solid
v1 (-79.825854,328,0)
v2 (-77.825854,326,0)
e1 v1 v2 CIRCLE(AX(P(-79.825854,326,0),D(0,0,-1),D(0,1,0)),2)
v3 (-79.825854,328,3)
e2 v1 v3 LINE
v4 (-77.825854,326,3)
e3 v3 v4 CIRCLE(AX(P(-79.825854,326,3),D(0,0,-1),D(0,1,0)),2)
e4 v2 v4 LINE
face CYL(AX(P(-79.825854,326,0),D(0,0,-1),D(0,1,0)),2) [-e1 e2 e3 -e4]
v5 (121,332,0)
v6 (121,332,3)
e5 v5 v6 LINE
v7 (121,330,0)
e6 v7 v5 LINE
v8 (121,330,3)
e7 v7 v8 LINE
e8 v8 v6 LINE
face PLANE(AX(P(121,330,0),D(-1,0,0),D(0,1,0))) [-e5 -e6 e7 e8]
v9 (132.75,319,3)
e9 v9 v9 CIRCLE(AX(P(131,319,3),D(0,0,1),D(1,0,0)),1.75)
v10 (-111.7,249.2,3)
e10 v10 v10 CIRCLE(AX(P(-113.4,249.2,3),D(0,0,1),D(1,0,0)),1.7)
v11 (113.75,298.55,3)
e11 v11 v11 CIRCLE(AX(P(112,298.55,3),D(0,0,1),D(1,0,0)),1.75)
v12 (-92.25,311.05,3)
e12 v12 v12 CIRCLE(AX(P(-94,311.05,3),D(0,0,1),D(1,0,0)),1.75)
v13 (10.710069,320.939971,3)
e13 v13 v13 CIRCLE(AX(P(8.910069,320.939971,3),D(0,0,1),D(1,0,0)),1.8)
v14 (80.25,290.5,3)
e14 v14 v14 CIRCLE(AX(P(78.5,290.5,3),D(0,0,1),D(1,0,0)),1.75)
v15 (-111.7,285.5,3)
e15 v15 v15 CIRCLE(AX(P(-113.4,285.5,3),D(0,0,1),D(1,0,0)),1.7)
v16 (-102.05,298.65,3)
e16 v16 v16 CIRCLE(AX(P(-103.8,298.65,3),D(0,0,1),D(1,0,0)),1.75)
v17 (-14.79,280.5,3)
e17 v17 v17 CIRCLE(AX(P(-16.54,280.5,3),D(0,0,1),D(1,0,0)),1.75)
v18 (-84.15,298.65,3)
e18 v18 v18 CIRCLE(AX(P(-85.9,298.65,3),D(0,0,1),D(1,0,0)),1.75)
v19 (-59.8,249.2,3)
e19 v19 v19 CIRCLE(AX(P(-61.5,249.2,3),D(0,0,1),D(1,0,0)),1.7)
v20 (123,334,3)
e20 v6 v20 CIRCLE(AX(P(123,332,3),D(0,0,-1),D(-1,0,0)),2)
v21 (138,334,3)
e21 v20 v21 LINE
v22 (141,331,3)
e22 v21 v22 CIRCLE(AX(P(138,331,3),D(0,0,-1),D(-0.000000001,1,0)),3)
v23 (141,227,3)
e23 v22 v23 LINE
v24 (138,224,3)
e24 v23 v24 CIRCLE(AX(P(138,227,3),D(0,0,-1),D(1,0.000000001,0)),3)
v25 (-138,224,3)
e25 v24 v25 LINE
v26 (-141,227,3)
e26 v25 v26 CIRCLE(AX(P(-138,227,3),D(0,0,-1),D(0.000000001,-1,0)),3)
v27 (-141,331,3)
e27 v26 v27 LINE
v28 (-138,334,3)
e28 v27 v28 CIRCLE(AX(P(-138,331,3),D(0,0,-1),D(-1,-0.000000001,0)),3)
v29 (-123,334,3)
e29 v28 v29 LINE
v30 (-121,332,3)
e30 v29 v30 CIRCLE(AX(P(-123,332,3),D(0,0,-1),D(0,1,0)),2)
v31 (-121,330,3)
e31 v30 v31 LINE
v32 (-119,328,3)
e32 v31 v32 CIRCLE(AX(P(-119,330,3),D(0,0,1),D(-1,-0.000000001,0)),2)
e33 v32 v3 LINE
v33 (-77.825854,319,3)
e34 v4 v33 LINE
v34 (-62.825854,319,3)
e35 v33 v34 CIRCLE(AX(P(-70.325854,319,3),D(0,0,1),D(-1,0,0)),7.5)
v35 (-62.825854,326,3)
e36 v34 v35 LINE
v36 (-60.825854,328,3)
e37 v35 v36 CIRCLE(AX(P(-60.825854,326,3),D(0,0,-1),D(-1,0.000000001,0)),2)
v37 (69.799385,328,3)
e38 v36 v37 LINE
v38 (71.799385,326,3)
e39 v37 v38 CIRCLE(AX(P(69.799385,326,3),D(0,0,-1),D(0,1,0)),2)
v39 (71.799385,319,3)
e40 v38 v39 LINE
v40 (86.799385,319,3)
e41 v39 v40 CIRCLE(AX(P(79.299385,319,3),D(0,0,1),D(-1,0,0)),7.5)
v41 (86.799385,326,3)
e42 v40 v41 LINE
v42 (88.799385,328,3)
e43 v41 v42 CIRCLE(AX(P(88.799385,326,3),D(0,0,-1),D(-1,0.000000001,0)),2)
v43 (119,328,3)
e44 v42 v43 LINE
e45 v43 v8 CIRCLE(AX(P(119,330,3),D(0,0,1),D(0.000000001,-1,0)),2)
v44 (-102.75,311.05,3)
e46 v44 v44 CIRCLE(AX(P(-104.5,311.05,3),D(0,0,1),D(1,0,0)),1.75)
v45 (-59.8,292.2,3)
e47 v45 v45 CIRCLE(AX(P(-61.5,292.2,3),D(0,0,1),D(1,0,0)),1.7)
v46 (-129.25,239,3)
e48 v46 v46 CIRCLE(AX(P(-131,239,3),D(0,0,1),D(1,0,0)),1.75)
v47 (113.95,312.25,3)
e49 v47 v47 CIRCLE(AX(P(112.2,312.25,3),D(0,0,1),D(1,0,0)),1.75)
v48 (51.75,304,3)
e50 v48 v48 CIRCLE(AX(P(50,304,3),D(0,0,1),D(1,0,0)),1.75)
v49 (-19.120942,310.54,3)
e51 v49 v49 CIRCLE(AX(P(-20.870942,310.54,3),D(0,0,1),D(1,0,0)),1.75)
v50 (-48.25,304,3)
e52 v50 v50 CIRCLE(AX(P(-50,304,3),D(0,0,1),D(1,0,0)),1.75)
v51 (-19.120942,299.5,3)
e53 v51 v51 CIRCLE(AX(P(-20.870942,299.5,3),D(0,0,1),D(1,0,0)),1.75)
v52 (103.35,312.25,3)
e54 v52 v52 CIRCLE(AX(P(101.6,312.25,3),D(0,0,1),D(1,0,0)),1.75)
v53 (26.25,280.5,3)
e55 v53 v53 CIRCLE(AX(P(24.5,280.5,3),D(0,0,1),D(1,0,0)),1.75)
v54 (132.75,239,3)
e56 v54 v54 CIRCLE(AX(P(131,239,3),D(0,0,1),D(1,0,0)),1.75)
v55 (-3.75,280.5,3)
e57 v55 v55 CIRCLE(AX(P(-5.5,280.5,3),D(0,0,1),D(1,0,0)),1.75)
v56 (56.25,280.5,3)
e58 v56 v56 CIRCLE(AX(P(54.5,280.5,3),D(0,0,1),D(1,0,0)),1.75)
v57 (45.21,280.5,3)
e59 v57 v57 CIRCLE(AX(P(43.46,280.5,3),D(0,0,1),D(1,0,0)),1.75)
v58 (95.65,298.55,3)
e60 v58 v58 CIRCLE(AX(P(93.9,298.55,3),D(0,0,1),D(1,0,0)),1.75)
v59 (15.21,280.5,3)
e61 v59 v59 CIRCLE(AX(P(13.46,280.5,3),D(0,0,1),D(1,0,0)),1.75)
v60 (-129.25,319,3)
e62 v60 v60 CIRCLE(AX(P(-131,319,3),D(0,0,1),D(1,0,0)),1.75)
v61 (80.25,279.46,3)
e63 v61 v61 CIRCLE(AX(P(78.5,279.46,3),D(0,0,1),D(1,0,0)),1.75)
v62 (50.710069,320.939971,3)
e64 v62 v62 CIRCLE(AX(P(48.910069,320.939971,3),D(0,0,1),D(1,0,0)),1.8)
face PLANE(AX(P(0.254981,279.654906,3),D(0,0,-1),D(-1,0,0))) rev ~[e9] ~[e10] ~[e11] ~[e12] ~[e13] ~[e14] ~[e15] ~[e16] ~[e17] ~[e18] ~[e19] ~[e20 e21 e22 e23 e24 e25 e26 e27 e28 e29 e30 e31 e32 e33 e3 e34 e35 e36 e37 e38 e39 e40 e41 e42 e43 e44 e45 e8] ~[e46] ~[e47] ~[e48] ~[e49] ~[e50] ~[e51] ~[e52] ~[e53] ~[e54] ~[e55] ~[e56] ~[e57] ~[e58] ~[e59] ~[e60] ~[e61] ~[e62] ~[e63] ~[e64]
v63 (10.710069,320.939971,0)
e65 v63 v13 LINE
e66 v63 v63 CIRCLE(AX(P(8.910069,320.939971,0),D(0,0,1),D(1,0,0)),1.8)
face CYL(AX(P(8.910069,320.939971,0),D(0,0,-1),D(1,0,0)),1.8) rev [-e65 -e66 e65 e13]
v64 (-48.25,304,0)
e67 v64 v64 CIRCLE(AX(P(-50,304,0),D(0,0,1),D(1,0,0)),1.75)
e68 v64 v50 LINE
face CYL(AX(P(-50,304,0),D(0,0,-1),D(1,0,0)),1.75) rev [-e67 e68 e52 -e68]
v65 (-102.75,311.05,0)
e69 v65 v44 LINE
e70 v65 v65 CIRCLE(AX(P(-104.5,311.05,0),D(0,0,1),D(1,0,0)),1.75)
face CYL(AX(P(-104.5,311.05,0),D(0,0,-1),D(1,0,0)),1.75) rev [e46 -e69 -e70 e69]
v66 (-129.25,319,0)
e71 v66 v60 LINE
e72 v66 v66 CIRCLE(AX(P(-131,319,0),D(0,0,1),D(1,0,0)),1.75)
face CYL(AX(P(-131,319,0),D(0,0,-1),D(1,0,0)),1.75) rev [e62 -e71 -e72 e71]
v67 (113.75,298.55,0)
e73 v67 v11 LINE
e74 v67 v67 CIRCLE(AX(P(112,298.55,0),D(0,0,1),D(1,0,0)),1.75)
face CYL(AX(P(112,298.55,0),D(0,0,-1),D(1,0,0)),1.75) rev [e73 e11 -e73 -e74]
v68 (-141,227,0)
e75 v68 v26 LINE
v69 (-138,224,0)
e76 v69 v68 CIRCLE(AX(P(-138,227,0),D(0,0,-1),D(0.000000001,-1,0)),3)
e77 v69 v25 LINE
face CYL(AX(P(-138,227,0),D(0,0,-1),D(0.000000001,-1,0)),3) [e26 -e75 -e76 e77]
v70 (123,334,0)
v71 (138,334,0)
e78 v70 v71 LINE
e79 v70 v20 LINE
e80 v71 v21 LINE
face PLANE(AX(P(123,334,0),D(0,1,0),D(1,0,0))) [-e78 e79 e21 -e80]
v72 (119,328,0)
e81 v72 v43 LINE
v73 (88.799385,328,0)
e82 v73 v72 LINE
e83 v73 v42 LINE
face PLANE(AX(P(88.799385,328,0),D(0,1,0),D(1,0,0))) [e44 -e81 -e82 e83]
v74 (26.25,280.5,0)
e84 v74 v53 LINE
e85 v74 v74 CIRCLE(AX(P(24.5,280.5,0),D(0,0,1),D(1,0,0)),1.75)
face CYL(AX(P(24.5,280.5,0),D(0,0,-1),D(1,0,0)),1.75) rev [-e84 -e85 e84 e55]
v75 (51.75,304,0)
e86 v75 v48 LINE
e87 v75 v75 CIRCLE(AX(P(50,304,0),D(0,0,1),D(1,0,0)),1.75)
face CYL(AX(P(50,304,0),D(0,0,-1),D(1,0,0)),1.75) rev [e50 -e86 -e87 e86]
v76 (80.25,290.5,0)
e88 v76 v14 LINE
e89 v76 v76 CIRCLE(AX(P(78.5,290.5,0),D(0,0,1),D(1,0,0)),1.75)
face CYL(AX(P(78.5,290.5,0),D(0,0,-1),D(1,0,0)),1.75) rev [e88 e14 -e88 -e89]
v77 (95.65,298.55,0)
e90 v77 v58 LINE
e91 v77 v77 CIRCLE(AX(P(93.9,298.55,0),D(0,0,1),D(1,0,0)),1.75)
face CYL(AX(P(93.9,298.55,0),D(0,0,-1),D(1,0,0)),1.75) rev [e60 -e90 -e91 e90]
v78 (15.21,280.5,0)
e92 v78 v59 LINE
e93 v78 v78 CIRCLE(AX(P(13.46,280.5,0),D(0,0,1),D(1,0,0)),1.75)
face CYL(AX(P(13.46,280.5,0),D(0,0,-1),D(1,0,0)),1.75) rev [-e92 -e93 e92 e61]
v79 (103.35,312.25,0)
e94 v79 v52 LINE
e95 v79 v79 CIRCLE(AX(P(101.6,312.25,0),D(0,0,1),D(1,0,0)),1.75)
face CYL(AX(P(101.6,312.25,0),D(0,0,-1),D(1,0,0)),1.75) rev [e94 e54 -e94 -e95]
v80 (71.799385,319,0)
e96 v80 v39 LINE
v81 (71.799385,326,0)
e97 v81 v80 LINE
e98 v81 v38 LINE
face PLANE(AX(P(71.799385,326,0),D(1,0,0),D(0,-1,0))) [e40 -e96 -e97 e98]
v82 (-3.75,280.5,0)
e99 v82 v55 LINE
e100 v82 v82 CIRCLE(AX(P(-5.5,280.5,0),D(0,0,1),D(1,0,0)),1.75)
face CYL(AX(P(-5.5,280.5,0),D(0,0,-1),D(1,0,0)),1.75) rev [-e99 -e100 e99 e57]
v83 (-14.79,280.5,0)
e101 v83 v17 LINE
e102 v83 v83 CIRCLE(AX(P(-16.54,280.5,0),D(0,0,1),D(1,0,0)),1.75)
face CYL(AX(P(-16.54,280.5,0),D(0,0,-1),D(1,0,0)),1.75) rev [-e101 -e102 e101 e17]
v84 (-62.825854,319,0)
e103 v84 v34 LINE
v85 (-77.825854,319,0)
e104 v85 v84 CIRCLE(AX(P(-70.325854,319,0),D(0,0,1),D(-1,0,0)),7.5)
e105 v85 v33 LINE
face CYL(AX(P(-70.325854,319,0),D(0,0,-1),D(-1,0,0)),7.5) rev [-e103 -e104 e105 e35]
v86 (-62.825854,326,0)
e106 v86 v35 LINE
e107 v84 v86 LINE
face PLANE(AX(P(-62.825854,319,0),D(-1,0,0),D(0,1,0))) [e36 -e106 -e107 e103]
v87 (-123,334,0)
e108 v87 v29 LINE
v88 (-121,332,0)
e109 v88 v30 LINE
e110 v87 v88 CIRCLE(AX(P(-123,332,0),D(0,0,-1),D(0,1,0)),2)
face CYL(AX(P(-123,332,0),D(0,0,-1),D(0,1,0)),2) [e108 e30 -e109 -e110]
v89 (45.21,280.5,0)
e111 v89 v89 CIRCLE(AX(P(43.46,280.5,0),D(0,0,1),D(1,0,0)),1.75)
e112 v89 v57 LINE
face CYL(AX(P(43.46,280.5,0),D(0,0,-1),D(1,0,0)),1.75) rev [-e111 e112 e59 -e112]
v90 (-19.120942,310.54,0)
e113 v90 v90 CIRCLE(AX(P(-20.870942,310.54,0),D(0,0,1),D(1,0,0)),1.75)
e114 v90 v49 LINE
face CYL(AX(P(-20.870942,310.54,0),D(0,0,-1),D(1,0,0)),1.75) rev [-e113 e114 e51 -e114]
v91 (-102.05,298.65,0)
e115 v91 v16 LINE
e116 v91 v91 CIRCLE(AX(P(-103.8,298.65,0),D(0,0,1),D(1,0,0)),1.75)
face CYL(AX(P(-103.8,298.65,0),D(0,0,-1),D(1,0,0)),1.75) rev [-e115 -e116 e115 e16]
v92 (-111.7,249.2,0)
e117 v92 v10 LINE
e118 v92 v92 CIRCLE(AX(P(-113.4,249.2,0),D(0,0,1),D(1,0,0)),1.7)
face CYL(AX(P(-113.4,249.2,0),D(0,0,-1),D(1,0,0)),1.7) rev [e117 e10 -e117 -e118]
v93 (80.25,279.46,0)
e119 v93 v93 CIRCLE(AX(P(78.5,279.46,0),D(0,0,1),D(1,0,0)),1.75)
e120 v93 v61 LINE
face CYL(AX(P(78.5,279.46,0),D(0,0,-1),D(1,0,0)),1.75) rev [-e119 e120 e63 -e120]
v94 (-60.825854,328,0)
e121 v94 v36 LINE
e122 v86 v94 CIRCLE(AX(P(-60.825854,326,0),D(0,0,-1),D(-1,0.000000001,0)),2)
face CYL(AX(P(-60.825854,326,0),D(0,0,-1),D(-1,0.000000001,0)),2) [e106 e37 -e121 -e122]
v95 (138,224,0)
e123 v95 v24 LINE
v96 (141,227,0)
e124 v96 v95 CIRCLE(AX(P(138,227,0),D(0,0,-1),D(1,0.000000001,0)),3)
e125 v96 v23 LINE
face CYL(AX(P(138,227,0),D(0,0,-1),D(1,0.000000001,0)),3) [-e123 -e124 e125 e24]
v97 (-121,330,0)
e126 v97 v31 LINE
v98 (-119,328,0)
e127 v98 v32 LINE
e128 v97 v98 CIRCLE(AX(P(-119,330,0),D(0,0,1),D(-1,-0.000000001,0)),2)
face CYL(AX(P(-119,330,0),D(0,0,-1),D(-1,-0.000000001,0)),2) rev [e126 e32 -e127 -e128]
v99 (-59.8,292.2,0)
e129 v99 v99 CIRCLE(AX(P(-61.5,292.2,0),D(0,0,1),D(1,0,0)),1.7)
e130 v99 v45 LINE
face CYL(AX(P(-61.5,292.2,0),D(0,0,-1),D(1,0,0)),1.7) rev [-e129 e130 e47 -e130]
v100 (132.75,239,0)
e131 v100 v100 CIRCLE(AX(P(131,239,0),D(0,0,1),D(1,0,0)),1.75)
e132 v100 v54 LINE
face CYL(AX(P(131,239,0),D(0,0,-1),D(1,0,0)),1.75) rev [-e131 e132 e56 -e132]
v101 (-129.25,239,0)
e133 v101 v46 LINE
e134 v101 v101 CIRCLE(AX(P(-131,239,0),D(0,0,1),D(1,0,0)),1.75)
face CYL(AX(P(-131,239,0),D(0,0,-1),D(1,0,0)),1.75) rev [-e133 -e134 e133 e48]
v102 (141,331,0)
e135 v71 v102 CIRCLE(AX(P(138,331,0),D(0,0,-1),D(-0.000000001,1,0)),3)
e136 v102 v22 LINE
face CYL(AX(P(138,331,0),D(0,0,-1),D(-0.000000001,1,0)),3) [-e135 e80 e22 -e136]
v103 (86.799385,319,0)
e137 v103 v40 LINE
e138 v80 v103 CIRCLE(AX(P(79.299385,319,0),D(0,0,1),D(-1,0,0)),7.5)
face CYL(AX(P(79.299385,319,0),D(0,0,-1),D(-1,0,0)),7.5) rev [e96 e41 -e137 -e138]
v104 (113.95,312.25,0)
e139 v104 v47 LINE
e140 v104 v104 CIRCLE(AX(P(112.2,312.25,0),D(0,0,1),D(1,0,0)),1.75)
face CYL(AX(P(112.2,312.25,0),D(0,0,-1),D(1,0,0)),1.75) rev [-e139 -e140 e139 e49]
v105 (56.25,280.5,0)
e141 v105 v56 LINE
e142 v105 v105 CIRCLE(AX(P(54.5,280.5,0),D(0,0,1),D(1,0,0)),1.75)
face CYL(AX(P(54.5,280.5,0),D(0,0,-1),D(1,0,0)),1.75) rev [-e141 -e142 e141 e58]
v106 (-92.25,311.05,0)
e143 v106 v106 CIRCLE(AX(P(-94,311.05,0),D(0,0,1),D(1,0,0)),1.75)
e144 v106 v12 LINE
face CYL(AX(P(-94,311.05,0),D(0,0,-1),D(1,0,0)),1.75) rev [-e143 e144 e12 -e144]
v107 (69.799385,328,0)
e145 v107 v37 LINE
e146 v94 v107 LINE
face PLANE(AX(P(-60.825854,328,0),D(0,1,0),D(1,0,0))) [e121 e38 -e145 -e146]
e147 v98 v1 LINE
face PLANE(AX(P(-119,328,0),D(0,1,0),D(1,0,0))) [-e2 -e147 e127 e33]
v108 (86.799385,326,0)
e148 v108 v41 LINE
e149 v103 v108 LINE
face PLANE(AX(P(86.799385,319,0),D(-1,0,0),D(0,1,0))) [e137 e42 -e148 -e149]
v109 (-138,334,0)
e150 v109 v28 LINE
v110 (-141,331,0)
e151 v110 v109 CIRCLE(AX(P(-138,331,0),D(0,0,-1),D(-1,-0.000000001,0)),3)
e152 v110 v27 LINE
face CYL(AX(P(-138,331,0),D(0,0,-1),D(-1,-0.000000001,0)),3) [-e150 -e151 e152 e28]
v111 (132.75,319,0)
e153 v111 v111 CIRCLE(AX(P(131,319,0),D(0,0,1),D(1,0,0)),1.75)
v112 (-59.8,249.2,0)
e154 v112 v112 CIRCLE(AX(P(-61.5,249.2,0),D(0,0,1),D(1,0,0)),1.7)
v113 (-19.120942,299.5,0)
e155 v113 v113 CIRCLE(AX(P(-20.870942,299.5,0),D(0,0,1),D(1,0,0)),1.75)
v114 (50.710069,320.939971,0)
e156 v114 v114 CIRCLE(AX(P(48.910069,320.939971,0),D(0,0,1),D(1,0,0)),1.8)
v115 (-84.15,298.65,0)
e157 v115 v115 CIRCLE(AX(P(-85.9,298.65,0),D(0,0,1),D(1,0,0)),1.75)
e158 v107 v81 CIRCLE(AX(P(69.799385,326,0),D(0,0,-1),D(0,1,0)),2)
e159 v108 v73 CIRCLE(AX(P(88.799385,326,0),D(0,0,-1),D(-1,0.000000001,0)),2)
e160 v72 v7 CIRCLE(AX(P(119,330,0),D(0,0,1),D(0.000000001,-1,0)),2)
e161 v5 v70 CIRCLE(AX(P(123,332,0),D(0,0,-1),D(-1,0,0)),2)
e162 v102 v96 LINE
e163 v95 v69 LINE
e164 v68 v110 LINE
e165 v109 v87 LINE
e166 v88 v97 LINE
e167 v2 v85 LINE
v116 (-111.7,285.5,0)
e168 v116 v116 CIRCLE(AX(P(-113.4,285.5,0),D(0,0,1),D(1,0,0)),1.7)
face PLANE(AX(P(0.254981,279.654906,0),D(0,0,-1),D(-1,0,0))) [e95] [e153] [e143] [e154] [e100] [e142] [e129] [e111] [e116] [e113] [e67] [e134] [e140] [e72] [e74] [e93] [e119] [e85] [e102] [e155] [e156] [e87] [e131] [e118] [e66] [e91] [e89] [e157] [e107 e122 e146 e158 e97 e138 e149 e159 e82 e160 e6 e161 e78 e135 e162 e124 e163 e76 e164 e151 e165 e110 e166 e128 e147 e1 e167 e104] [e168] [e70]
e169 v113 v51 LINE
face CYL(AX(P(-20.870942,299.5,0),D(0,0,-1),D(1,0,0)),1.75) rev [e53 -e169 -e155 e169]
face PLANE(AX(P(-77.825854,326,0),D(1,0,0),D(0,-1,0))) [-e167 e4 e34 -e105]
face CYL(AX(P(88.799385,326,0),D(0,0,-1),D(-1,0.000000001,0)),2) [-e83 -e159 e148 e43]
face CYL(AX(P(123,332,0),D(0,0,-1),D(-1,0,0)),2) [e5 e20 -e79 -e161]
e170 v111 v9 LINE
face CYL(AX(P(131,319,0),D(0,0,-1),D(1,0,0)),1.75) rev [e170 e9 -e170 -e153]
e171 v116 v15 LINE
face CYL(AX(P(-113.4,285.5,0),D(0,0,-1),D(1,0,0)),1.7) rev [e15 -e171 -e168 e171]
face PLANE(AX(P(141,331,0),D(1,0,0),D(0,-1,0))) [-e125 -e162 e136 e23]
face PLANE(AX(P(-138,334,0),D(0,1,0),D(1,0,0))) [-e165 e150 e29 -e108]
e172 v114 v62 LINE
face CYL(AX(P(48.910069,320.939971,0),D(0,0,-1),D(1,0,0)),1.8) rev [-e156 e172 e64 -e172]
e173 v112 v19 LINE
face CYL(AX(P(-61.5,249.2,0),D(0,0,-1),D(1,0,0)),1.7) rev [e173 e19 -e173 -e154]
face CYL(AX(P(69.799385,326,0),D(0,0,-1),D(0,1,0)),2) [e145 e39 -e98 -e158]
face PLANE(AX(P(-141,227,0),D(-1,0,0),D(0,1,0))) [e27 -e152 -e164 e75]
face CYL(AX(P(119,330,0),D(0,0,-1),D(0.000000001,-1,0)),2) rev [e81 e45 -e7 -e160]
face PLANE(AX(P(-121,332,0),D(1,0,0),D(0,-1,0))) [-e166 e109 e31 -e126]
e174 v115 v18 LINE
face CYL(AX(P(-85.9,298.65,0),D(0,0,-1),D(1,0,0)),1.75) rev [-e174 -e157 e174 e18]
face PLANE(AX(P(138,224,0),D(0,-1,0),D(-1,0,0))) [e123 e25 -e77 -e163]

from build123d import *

# Parameters (mm, degrees)
SKETCH1_R           = 1.75
SKETCH1_R_2         = 1.8
SKETCH1_R_3         = 1.7
BOSS_EXTRUDE1_DEPTH = 3


with BuildPart() as part:
    # Sketch1 → Boss-Extrude1 (new body)
    with BuildSketch(Plane.XY):
        with BuildLine():
            Line((-138, 334), (-123.000000001, 334))
            ThreePointArc((-123.000000001, 334), (-121.585786438, 333.414213562), (-121.000000001, 332))
            Line((-121.000000001, 332), (-121.000000001, 330))
            ThreePointArc((-121.000000001, 330), (-120.414213563, 328.585786438), (-119.000000001, 328))
            Line((-119.000000001, 328), (-79.825853915, 328))
            ThreePointArc((-79.825853915, 328), (-78.411640352, 327.414213562), (-77.825853915, 326))
            Line((-77.825853915, 326), (-77.825853915, 319))
            ThreePointArc((-77.825853915, 319), (-70.325853915, 311.5), (-62.825853915, 319))
            Line((-62.825853915, 319), (-62.825853915, 326))
            ThreePointArc((-62.825853915, 326), (-62.240067477, 327.414213562), (-60.825853915, 328))
            Line((-60.825853915, 328), (69.799384712, 328))
            ThreePointArc((69.799384712, 328), (71.213598275, 327.414213562), (71.799384712, 326))
            Line((71.799384712, 326), (71.799384712, 319))
            ThreePointArc((71.799384712, 319), (79.299384712, 311.5), (86.799384712, 319))
            Line((86.799384712, 319), (86.799384712, 326))
            ThreePointArc((86.799384712, 326), (87.38517115, 327.414213562), (88.799384712, 328))
            Line((88.799384712, 328), (119.000000001, 328))
            ThreePointArc((119.000000001, 328), (120.414213563, 328.585786438), (121.000000001, 330))
            Line((121.000000001, 330), (121.000000001, 332))
            ThreePointArc((121.000000001, 332), (121.585786438, 333.414213562), (123.000000001, 334))
            Line((123.000000001, 334), (138, 334))
            ThreePointArc((138, 334), (140.121320344, 333.121320344), (141, 331))
            Line((141, 331), (141, 227))
            ThreePointArc((141, 227), (140.121320344, 224.878679656), (138, 224))
            Line((138, 224), (-138, 224))
            ThreePointArc((-138, 224), (-140.121320344, 224.878679656), (-141, 227))
            Line((-141, 227), (-141, 331))
            ThreePointArc((-141, 331), (-140.121320344, 333.121320344), (-138, 334))
        make_face()
        with Locations((-131, 319)):
            Circle(SKETCH1_R, mode=Mode.SUBTRACT)
        with Locations((-131, 239)):
            Circle(SKETCH1_R, mode=Mode.SUBTRACT)
        with Locations((131, 319)):
            Circle(SKETCH1_R, mode=Mode.SUBTRACT)
        with Locations((131, 239)):
            Circle(SKETCH1_R, mode=Mode.SUBTRACT)
        with Locations((-104.5, 311.05)):
            Circle(SKETCH1_R, mode=Mode.SUBTRACT)
        with Locations((-94, 311.05)):
            Circle(SKETCH1_R, mode=Mode.SUBTRACT)
        with Locations((-103.8, 298.65)):
            Circle(SKETCH1_R, mode=Mode.SUBTRACT)
        with Locations((-85.9, 298.65)):
            Circle(SKETCH1_R, mode=Mode.SUBTRACT)
        with Locations((101.6, 312.25)):
            Circle(SKETCH1_R, mode=Mode.SUBTRACT)
        with Locations((112.2, 312.25)):
            Circle(SKETCH1_R, mode=Mode.SUBTRACT)
        with Locations((93.9, 298.55)):
            Circle(SKETCH1_R, mode=Mode.SUBTRACT)
        with Locations((112, 298.55)):
            Circle(SKETCH1_R, mode=Mode.SUBTRACT)
        with Locations((-50, 304)):
            Circle(SKETCH1_R, mode=Mode.SUBTRACT)
        with Locations((50, 304)):
            Circle(SKETCH1_R, mode=Mode.SUBTRACT)
        with Locations((8.910068617, 320.939971353)):
            Circle(SKETCH1_R_2, mode=Mode.SUBTRACT)
        with Locations((48.910068617, 320.939971353)):
            Circle(SKETCH1_R_2, mode=Mode.SUBTRACT)
        with Locations((-113.4, 285.5)):
            Circle(SKETCH1_R_3, mode=Mode.SUBTRACT)
        with Locations((-16.54, 280.5)):
            Circle(SKETCH1_R, mode=Mode.SUBTRACT)
        with Locations((-5.5, 280.5)):
            Circle(SKETCH1_R, mode=Mode.SUBTRACT)
        with Locations((13.46, 280.5)):
            Circle(SKETCH1_R, mode=Mode.SUBTRACT)
        with Locations((-113.4, 249.2)):
            Circle(SKETCH1_R_3, mode=Mode.SUBTRACT)
        with Locations((-61.5, 249.2)):
            Circle(SKETCH1_R_3, mode=Mode.SUBTRACT)
        with Locations((-61.5, 292.2)):
            Circle(SKETCH1_R_3, mode=Mode.SUBTRACT)
        with Locations((24.5, 280.5)):
            Circle(SKETCH1_R, mode=Mode.SUBTRACT)
        with Locations((43.46, 280.5)):
            Circle(SKETCH1_R, mode=Mode.SUBTRACT)
        with Locations((54.5, 280.5)):
            Circle(SKETCH1_R, mode=Mode.SUBTRACT)
        with Locations((-20.870942191, 310.54)):
            Circle(SKETCH1_R, mode=Mode.SUBTRACT)
        with Locations((-20.870942191, 299.5)):
            Circle(SKETCH1_R, mode=Mode.SUBTRACT)
        with Locations((78.5, 290.5)):
            Circle(SKETCH1_R, mode=Mode.SUBTRACT)
        with Locations((78.5, 279.46)):
            Circle(SKETCH1_R, mode=Mode.SUBTRACT)
    extrude(amount=BOSS_EXTRUDE1_DEPTH)


solid = part.part
